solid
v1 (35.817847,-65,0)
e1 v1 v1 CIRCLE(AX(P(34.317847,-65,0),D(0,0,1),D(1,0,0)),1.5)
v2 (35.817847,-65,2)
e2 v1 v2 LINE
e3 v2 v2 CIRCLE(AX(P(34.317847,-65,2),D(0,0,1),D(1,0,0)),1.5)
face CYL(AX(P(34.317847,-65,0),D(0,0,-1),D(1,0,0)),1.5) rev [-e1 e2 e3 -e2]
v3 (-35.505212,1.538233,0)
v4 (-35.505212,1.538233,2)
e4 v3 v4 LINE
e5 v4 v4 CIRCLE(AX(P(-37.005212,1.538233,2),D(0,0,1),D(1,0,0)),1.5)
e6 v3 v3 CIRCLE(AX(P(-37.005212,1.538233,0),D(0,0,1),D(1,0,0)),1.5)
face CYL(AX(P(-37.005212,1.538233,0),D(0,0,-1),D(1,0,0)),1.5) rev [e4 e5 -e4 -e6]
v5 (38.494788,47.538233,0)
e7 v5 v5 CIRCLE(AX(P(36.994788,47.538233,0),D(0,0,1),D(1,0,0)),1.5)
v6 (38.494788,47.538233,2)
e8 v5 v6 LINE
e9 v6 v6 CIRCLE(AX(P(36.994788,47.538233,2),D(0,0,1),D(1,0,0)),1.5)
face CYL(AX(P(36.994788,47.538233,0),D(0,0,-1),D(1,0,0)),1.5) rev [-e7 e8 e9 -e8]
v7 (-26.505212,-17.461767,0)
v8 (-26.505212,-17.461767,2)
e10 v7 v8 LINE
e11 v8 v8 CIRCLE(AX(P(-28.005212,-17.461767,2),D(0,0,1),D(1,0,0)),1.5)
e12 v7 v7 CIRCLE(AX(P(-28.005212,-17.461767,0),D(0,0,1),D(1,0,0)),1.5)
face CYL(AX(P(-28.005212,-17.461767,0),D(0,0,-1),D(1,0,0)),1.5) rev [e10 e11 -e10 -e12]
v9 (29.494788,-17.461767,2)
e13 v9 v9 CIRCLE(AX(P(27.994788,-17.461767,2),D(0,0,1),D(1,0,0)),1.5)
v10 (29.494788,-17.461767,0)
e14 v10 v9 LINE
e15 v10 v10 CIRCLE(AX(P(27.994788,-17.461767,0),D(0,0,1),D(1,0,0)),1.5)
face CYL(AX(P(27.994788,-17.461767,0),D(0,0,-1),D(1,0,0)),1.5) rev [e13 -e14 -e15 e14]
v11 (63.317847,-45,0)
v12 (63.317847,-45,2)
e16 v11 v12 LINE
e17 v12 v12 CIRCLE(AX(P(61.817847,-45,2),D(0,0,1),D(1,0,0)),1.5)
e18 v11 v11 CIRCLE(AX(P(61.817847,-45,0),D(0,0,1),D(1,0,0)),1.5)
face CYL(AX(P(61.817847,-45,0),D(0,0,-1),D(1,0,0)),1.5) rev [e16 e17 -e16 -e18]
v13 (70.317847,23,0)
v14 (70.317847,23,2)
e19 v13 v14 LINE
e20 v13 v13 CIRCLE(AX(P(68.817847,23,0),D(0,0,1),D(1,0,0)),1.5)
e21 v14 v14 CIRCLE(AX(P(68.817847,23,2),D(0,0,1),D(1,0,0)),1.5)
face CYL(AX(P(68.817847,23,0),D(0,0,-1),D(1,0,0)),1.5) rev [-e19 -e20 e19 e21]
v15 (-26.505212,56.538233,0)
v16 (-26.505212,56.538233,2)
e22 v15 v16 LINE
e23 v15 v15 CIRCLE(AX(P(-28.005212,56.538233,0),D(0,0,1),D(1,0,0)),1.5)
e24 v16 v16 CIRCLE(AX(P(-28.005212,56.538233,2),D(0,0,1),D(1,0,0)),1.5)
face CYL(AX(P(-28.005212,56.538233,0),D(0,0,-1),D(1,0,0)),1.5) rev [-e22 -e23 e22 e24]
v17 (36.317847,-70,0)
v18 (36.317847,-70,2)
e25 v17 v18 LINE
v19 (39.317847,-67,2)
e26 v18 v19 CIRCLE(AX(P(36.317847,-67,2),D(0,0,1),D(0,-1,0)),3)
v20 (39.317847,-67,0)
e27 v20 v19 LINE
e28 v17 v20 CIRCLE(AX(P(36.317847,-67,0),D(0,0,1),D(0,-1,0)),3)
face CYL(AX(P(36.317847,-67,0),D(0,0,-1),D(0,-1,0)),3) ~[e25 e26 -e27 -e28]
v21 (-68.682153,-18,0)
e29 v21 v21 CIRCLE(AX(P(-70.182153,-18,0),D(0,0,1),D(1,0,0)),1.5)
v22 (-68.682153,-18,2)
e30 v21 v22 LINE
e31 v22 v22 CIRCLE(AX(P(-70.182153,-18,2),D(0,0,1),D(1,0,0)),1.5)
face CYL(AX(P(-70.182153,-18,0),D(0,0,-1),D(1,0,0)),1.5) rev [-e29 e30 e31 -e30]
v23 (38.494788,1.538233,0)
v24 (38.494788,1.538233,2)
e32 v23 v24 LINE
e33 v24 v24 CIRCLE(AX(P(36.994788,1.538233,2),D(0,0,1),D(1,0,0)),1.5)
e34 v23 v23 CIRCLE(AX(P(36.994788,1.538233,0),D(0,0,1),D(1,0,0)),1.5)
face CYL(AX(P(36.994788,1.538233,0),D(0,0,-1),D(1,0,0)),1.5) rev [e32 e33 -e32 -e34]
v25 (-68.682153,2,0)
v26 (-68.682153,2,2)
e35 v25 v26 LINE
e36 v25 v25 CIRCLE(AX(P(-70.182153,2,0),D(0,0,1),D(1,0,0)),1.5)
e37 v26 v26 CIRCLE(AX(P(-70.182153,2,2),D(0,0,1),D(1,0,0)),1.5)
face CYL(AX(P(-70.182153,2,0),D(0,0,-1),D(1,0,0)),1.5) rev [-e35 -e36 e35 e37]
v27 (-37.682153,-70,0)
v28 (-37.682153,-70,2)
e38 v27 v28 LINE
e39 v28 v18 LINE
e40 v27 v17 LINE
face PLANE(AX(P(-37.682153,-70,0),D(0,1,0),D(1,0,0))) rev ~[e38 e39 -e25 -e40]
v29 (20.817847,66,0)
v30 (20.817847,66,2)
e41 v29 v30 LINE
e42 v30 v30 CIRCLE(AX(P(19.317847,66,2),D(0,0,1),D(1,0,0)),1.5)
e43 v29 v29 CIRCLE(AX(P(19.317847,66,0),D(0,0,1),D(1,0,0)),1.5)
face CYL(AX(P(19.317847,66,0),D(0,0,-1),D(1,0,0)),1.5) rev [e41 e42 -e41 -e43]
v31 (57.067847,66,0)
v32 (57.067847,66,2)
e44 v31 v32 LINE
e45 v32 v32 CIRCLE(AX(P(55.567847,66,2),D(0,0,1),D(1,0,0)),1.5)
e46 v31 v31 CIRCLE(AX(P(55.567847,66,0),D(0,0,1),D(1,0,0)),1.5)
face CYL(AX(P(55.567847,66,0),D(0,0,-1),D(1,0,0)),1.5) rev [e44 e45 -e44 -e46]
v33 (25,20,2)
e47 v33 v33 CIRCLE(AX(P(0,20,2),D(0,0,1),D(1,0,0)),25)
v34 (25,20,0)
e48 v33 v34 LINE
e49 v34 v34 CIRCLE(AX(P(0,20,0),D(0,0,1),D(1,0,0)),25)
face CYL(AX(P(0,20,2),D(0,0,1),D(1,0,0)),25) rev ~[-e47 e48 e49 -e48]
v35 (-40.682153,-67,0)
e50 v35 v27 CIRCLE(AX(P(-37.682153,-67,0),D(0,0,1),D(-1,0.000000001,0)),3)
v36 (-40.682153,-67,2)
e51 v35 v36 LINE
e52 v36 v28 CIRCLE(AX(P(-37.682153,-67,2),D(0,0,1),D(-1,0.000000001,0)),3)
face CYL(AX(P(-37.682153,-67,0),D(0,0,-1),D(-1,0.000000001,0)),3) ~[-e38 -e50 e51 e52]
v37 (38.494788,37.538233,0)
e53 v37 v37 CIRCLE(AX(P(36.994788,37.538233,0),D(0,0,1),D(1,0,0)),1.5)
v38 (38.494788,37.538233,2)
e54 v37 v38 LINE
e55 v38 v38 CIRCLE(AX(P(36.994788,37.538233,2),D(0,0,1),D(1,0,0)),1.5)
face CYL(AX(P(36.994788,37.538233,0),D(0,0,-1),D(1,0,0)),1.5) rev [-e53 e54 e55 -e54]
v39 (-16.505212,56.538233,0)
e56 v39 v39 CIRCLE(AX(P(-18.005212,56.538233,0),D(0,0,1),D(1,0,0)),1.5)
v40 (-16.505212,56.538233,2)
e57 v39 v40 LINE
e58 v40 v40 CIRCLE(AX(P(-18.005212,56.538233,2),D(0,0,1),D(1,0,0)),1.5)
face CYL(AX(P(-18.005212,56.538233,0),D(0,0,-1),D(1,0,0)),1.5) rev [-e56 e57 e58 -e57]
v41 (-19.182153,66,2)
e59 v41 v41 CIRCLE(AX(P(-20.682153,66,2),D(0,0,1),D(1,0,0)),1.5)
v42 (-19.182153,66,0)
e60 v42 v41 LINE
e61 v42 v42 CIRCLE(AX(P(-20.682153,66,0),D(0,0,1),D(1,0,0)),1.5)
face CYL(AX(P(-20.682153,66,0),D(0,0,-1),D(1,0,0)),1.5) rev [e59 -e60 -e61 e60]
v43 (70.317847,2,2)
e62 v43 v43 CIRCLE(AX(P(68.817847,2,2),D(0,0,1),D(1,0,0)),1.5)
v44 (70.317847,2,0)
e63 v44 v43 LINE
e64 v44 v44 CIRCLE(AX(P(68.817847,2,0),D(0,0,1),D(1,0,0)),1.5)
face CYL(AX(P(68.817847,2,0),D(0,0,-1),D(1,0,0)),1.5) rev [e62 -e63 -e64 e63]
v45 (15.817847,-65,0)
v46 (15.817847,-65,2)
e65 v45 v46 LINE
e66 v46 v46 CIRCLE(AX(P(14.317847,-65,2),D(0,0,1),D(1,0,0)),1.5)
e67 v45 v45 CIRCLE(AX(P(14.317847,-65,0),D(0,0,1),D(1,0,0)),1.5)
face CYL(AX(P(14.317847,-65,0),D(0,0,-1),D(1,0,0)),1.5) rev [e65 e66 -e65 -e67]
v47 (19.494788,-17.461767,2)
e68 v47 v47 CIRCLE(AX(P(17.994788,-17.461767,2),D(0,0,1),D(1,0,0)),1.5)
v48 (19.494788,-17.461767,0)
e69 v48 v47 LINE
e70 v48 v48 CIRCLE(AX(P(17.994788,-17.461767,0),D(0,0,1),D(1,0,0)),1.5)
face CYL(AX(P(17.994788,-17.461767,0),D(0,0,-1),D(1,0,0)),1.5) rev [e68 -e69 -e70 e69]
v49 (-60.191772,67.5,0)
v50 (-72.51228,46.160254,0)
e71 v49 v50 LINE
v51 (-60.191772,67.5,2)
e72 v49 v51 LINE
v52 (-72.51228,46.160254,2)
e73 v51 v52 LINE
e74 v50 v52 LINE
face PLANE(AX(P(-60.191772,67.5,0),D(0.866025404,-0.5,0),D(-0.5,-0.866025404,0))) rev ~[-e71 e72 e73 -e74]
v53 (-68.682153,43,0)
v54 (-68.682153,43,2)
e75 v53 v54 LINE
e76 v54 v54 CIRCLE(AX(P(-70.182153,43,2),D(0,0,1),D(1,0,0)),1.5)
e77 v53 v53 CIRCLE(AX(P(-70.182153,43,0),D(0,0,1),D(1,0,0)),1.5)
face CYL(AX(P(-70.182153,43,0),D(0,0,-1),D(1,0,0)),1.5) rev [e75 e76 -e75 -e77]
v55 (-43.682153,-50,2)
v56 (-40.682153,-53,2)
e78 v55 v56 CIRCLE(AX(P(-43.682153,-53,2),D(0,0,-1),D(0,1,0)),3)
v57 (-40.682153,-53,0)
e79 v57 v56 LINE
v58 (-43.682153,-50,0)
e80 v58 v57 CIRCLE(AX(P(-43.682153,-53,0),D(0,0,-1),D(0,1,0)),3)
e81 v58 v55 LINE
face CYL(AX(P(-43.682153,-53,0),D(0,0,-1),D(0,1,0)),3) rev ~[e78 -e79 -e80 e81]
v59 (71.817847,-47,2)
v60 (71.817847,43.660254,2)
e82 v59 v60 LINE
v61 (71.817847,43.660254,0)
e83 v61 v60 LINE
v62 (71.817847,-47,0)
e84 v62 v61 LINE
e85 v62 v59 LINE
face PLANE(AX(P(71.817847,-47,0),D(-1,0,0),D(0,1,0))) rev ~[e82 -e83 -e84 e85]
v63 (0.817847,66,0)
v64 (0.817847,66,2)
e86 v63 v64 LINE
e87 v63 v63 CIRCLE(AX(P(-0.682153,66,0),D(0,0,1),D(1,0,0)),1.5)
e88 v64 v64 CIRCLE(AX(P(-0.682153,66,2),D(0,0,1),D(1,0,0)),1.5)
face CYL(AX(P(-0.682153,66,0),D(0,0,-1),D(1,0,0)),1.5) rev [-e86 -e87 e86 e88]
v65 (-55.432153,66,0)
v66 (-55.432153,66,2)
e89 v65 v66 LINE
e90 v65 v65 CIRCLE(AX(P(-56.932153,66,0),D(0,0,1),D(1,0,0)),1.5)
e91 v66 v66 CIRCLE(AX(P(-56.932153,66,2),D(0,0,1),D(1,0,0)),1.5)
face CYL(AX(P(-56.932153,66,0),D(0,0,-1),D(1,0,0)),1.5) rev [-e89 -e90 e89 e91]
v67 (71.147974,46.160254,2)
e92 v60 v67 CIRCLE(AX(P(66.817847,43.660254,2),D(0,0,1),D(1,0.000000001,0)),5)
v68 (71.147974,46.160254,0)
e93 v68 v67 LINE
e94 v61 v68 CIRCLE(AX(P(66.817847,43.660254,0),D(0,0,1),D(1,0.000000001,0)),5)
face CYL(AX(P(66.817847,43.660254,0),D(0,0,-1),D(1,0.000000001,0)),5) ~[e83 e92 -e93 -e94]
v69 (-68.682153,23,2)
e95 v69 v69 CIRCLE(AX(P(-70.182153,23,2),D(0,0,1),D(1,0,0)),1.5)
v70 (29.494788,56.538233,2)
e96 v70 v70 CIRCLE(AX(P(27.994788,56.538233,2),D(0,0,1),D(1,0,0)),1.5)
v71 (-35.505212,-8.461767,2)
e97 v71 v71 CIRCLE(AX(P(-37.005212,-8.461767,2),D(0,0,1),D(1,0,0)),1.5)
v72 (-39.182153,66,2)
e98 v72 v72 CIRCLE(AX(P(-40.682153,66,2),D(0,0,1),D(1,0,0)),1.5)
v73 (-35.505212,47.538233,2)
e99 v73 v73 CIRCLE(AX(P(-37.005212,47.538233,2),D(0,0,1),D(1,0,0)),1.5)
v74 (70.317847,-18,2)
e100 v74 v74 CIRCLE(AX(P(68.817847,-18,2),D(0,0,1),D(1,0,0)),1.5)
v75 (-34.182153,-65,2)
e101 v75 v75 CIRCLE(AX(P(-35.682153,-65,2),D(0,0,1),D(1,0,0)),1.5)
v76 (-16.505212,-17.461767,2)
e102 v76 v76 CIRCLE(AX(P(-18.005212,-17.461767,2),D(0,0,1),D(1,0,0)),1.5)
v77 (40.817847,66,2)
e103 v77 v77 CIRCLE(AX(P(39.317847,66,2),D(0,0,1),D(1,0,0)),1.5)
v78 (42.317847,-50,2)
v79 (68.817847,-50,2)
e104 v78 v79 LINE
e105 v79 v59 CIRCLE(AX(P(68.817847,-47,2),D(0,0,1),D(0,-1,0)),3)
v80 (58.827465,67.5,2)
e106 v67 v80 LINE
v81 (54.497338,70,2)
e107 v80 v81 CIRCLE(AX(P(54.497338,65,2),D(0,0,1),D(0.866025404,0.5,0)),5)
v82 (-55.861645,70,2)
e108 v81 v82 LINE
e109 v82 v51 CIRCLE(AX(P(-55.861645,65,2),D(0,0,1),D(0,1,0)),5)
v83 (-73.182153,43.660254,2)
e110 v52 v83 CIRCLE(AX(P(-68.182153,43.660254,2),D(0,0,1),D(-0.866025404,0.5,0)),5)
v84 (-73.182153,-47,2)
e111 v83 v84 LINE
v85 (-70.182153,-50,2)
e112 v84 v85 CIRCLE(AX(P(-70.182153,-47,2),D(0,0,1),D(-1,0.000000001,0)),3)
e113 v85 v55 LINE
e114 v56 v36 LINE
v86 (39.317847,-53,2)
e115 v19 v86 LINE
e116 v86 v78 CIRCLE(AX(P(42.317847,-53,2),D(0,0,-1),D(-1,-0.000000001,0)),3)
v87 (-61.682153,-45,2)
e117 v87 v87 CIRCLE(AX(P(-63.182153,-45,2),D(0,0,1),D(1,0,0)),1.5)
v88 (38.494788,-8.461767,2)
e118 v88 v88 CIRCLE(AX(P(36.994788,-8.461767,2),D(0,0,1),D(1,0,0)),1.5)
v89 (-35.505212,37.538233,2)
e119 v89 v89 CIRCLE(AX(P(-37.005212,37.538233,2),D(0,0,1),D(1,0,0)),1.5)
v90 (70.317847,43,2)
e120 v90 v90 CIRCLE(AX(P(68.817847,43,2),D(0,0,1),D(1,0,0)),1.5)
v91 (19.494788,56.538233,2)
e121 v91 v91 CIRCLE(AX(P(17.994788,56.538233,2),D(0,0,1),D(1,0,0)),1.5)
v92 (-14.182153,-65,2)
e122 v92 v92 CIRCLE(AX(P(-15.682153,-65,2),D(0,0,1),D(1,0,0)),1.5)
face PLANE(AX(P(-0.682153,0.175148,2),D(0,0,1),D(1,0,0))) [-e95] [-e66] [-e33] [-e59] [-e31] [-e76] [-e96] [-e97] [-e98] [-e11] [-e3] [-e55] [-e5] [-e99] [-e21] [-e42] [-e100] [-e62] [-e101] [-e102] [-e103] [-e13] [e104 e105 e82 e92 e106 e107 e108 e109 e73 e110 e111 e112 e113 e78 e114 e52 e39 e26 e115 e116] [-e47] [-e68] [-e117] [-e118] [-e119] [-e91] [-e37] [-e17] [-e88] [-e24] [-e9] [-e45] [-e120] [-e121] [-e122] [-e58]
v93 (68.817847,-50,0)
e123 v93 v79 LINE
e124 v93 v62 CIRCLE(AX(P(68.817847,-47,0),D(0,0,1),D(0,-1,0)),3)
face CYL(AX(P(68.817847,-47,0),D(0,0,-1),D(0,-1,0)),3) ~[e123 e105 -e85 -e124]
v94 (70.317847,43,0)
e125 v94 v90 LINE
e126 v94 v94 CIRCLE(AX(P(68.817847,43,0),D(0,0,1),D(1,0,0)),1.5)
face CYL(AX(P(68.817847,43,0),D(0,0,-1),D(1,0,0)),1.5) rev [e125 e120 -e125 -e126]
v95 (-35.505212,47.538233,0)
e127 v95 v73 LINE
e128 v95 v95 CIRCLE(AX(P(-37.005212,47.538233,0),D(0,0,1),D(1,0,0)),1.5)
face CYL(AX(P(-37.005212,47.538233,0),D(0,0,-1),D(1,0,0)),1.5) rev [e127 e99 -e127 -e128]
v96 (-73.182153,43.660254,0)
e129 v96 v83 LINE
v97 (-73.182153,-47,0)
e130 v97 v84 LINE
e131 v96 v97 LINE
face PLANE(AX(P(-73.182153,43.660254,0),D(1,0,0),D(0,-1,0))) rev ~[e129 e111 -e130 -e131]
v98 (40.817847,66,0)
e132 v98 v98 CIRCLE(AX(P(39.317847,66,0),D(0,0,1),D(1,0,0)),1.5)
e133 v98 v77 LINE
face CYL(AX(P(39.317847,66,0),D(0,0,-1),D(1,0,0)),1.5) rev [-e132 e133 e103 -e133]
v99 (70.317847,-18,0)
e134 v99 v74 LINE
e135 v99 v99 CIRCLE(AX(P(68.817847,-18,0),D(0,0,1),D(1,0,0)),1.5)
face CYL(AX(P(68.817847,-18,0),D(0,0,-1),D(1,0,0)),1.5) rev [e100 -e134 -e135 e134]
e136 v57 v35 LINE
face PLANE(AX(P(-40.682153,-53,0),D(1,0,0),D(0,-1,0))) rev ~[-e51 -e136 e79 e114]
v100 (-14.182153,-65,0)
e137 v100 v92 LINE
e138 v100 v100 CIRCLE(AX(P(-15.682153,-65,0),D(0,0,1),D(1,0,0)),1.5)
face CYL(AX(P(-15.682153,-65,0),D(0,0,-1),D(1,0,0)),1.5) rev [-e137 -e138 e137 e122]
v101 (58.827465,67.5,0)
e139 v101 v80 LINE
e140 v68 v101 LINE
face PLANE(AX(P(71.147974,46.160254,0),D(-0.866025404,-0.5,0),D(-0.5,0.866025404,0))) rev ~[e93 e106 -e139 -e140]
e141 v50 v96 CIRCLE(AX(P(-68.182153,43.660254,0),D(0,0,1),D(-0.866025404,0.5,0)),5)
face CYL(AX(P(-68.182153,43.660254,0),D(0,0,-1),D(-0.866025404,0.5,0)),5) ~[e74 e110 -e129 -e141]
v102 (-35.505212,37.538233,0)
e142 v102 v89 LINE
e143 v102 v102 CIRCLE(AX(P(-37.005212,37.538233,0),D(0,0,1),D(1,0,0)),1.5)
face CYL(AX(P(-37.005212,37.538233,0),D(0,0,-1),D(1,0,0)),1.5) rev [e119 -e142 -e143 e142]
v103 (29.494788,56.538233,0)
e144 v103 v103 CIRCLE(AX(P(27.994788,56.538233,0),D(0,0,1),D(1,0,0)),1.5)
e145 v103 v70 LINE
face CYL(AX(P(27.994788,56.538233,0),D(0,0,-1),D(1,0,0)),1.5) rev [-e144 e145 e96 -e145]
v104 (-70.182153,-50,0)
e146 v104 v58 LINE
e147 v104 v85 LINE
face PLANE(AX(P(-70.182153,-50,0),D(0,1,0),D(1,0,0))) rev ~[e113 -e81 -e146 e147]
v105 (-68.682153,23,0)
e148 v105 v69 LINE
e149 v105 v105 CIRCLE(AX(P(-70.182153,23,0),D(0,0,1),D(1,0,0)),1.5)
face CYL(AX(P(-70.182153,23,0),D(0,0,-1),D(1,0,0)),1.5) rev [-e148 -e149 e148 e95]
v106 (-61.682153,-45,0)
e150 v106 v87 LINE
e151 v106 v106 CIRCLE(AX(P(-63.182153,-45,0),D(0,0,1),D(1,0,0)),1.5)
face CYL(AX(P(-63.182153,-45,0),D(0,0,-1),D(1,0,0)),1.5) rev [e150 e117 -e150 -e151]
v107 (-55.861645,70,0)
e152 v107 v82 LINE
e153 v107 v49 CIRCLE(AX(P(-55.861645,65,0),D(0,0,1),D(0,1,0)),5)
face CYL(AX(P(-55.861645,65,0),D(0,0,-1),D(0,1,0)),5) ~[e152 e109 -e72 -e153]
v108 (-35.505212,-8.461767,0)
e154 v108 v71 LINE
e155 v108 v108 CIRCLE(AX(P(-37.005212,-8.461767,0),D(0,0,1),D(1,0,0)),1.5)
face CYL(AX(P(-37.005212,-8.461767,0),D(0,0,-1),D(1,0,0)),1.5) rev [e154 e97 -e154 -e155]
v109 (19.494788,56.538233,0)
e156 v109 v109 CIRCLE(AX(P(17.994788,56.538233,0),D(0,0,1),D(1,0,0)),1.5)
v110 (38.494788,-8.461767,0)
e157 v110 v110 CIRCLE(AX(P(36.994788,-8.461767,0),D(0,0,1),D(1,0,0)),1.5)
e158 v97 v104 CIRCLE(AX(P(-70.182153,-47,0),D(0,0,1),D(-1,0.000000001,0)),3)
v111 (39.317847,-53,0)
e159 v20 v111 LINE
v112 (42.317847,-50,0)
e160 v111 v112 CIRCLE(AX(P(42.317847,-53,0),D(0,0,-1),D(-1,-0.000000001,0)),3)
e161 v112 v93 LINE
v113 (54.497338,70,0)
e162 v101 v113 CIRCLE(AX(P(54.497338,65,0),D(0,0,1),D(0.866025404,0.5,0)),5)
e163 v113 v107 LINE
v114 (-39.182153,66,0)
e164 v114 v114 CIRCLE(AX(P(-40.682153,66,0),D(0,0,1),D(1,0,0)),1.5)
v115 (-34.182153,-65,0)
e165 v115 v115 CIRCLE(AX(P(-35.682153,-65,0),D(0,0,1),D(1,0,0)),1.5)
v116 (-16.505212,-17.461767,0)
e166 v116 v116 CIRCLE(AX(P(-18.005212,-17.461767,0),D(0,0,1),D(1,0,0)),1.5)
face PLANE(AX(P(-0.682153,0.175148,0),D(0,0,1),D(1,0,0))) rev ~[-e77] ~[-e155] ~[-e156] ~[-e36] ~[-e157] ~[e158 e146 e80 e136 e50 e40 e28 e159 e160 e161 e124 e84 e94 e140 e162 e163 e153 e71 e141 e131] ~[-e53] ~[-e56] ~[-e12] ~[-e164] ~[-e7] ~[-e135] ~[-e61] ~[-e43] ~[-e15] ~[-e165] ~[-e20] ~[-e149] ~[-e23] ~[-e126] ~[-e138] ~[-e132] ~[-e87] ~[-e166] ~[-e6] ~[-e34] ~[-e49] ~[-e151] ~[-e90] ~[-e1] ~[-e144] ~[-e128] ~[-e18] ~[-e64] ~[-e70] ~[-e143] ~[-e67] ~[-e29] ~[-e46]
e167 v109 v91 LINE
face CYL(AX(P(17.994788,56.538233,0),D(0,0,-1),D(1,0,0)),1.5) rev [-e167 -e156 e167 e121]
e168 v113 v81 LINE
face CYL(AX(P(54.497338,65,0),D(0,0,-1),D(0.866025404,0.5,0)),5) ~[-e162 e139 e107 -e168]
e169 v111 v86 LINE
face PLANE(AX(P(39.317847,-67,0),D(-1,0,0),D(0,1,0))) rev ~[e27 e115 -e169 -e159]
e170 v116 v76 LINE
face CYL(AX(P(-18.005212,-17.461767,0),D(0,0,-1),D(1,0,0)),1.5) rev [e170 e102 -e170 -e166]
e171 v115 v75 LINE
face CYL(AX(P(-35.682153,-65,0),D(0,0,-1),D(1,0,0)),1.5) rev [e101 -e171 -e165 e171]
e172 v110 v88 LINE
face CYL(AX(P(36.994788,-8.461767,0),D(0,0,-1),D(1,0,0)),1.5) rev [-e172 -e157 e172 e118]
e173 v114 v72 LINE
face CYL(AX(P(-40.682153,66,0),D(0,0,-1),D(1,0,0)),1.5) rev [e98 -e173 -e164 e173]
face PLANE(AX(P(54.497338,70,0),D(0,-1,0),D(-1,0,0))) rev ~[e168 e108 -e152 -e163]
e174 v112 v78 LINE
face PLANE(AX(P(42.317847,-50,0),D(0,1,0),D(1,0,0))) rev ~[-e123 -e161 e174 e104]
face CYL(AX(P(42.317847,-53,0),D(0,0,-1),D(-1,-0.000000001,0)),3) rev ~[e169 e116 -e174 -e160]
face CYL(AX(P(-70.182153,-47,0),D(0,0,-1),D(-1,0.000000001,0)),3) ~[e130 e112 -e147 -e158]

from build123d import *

# Parameters (mm, degrees)
SKETCH_1_R          = 1.5
EXTRUDE_1_DEPTH     = 2
SKETCH_2_R          = 25
CUT_EXTRUDE_1_DEPTH = 2


with BuildPart() as part:
    # 草图1 → 凸台-拉伸1 (new body)
    with BuildSketch(Plane.XY):
        with BuildLine():
            Line((-60.191772409, 67.5), (-72.512280484, 46.160254038))
            ThreePointArc((-72.512280484, 46.160254038), (-73.011782597, 44.954349263), (-73.182153465, 43.660254038))
            Line((-73.182153465, 43.660254038), (-73.182153465, -47))
            ThreePointArc((-73.182153465, -47), (-72.303473809, -49.121320344), (-70.182153465, -50))
            Line((-70.182153465, -50), (-43.682153465, -50))
            ThreePointArc((-43.682153465, -50), (-41.560833122, -50.878679656), (-40.682153465, -53))
            Line((-40.682153465, -53), (-40.682153465, -67))
            ThreePointArc((-40.682153465, -67), (-39.803473809, -69.121320344), (-37.682153465, -70))
            Line((-37.682153465, -70), (36.317846535, -70))
            ThreePointArc((36.317846535, -70), (38.439166878, -69.121320344), (39.317846535, -67))
            Line((39.317846535, -67), (39.317846535, -53))
            ThreePointArc((39.317846535, -53), (40.196526191, -50.878679656), (42.317846535, -50))
            Line((42.317846535, -50), (68.817846535, -50))
            ThreePointArc((68.817846535, -50), (70.939166878, -49.121320344), (71.817846535, -47))
            Line((71.817846535, -47), (71.817846535, 43.660254038))
            ThreePointArc((71.817846535, 43.660254038), (71.647475666, 44.954349263), (71.147973554, 46.160254038))
            Line((71.147973554, 46.160254038), (58.827465478, 67.5))
            ThreePointArc((58.827465478, 67.5), (56.997338459, 69.330127019), (54.497338459, 70))
            Line((54.497338459, 70), (-55.86164539, 70))
            ThreePointArc((-55.86164539, 70), (-58.36164539, 69.330127019), (-60.191772409, 67.5))
        make_face()
        with Locations((-0.682153465, 66)):
            Circle(SKETCH_1_R, mode=Mode.SUBTRACT)
        with Locations((-20.682153465, 66)):
            Circle(SKETCH_1_R, mode=Mode.SUBTRACT)
        with Locations((19.317846535, 66)):
            Circle(SKETCH_1_R, mode=Mode.SUBTRACT)
        with Locations((39.317846535, 66)):
            Circle(SKETCH_1_R, mode=Mode.SUBTRACT)
        with Locations((55.567846535, 66)):
            Circle(SKETCH_1_R, mode=Mode.SUBTRACT)
        with Locations((68.817846535, 43)):
            Circle(SKETCH_1_R, mode=Mode.SUBTRACT)
        with Locations((68.817846535, 23)):
            Circle(SKETCH_1_R, mode=Mode.SUBTRACT)
        with Locations((68.817846535, 2)):
            Circle(SKETCH_1_R, mode=Mode.SUBTRACT)
        with Locations((68.817846535, -18)):
            Circle(SKETCH_1_R, mode=Mode.SUBTRACT)
        with Locations((61.817846535, -45)):
            Circle(SKETCH_1_R, mode=Mode.SUBTRACT)
        with Locations((34.317846535, -65)):
            Circle(SKETCH_1_R, mode=Mode.SUBTRACT)
        with Locations((14.317846535, -65)):
            Circle(SKETCH_1_R, mode=Mode.SUBTRACT)
        with Locations((-15.682153465, -65)):
            Circle(SKETCH_1_R, mode=Mode.SUBTRACT)
        with Locations((-35.682153465, -65)):
            Circle(SKETCH_1_R, mode=Mode.SUBTRACT)
        with Locations((-63.182153465, -45)):
            Circle(SKETCH_1_R, mode=Mode.SUBTRACT)
        with Locations((-70.182153465, -18)):
            Circle(SKETCH_1_R, mode=Mode.SUBTRACT)
        with Locations((-70.182153465, 2)):
            Circle(SKETCH_1_R, mode=Mode.SUBTRACT)
        with Locations((-70.182153465, 23)):
            Circle(SKETCH_1_R, mode=Mode.SUBTRACT)
        with Locations((-70.182153465, 43)):
            Circle(SKETCH_1_R, mode=Mode.SUBTRACT)
        with Locations((-40.682153465, 66)):
            Circle(SKETCH_1_R, mode=Mode.SUBTRACT)
        with Locations((-56.932153465, 66)):
            Circle(SKETCH_1_R, mode=Mode.SUBTRACT)
        with Locations((-37.005212206, 37.538233198)):
            Circle(SKETCH_1_R, mode=Mode.SUBTRACT)
        with Locations((17.994787794, 56.538233198)):
            Circle(SKETCH_1_R, mode=Mode.SUBTRACT)
        with Locations((27.994787794, 56.538233198)):
            Circle(SKETCH_1_R, mode=Mode.SUBTRACT)
        with Locations((36.994787794, 47.538233198)):
            Circle(SKETCH_1_R, mode=Mode.SUBTRACT)
        with Locations((36.994787794, 37.538233198)):
            Circle(SKETCH_1_R, mode=Mode.SUBTRACT)
        with Locations((36.994787794, 1.538233198)):
            Circle(SKETCH_1_R, mode=Mode.SUBTRACT)
        with Locations((36.994787794, -8.461766802)):
            Circle(SKETCH_1_R, mode=Mode.SUBTRACT)
        with Locations((27.994787794, -17.461766802)):
            Circle(SKETCH_1_R, mode=Mode.SUBTRACT)
        with Locations((17.994787794, -17.461766802)):
            Circle(SKETCH_1_R, mode=Mode.SUBTRACT)
        with Locations((-18.005212206, -17.461766802)):
            Circle(SKETCH_1_R, mode=Mode.SUBTRACT)
        with Locations((-28.005212206, -17.461766802)):
            Circle(SKETCH_1_R, mode=Mode.SUBTRACT)
        with Locations((-37.005212206, -8.461766802)):
            Circle(SKETCH_1_R, mode=Mode.SUBTRACT)
        with Locations((-37.005212206, 1.538233198)):
            Circle(SKETCH_1_R, mode=Mode.SUBTRACT)
        with Locations((-18.005212206, 56.538233198)):
            Circle(SKETCH_1_R, mode=Mode.SUBTRACT)
        with Locations((-28.005212206, 56.538233198)):
            Circle(SKETCH_1_R, mode=Mode.SUBTRACT)
        with Locations((-37.005212206, 47.538233198)):
            Circle(SKETCH_1_R, mode=Mode.SUBTRACT)
    extrude(amount=EXTRUDE_1_DEPTH)

    # 草图2 → 切除-拉伸1 (cut)
    with BuildSketch(Plane.XY.offset(2)):
        with Locations((0, 20)):
            Circle(SKETCH_2_R)
    extrude(amount=-CUT_EXTRUDE_1_DEPTH, mode=Mode.SUBTRACT)


solid = part.part
